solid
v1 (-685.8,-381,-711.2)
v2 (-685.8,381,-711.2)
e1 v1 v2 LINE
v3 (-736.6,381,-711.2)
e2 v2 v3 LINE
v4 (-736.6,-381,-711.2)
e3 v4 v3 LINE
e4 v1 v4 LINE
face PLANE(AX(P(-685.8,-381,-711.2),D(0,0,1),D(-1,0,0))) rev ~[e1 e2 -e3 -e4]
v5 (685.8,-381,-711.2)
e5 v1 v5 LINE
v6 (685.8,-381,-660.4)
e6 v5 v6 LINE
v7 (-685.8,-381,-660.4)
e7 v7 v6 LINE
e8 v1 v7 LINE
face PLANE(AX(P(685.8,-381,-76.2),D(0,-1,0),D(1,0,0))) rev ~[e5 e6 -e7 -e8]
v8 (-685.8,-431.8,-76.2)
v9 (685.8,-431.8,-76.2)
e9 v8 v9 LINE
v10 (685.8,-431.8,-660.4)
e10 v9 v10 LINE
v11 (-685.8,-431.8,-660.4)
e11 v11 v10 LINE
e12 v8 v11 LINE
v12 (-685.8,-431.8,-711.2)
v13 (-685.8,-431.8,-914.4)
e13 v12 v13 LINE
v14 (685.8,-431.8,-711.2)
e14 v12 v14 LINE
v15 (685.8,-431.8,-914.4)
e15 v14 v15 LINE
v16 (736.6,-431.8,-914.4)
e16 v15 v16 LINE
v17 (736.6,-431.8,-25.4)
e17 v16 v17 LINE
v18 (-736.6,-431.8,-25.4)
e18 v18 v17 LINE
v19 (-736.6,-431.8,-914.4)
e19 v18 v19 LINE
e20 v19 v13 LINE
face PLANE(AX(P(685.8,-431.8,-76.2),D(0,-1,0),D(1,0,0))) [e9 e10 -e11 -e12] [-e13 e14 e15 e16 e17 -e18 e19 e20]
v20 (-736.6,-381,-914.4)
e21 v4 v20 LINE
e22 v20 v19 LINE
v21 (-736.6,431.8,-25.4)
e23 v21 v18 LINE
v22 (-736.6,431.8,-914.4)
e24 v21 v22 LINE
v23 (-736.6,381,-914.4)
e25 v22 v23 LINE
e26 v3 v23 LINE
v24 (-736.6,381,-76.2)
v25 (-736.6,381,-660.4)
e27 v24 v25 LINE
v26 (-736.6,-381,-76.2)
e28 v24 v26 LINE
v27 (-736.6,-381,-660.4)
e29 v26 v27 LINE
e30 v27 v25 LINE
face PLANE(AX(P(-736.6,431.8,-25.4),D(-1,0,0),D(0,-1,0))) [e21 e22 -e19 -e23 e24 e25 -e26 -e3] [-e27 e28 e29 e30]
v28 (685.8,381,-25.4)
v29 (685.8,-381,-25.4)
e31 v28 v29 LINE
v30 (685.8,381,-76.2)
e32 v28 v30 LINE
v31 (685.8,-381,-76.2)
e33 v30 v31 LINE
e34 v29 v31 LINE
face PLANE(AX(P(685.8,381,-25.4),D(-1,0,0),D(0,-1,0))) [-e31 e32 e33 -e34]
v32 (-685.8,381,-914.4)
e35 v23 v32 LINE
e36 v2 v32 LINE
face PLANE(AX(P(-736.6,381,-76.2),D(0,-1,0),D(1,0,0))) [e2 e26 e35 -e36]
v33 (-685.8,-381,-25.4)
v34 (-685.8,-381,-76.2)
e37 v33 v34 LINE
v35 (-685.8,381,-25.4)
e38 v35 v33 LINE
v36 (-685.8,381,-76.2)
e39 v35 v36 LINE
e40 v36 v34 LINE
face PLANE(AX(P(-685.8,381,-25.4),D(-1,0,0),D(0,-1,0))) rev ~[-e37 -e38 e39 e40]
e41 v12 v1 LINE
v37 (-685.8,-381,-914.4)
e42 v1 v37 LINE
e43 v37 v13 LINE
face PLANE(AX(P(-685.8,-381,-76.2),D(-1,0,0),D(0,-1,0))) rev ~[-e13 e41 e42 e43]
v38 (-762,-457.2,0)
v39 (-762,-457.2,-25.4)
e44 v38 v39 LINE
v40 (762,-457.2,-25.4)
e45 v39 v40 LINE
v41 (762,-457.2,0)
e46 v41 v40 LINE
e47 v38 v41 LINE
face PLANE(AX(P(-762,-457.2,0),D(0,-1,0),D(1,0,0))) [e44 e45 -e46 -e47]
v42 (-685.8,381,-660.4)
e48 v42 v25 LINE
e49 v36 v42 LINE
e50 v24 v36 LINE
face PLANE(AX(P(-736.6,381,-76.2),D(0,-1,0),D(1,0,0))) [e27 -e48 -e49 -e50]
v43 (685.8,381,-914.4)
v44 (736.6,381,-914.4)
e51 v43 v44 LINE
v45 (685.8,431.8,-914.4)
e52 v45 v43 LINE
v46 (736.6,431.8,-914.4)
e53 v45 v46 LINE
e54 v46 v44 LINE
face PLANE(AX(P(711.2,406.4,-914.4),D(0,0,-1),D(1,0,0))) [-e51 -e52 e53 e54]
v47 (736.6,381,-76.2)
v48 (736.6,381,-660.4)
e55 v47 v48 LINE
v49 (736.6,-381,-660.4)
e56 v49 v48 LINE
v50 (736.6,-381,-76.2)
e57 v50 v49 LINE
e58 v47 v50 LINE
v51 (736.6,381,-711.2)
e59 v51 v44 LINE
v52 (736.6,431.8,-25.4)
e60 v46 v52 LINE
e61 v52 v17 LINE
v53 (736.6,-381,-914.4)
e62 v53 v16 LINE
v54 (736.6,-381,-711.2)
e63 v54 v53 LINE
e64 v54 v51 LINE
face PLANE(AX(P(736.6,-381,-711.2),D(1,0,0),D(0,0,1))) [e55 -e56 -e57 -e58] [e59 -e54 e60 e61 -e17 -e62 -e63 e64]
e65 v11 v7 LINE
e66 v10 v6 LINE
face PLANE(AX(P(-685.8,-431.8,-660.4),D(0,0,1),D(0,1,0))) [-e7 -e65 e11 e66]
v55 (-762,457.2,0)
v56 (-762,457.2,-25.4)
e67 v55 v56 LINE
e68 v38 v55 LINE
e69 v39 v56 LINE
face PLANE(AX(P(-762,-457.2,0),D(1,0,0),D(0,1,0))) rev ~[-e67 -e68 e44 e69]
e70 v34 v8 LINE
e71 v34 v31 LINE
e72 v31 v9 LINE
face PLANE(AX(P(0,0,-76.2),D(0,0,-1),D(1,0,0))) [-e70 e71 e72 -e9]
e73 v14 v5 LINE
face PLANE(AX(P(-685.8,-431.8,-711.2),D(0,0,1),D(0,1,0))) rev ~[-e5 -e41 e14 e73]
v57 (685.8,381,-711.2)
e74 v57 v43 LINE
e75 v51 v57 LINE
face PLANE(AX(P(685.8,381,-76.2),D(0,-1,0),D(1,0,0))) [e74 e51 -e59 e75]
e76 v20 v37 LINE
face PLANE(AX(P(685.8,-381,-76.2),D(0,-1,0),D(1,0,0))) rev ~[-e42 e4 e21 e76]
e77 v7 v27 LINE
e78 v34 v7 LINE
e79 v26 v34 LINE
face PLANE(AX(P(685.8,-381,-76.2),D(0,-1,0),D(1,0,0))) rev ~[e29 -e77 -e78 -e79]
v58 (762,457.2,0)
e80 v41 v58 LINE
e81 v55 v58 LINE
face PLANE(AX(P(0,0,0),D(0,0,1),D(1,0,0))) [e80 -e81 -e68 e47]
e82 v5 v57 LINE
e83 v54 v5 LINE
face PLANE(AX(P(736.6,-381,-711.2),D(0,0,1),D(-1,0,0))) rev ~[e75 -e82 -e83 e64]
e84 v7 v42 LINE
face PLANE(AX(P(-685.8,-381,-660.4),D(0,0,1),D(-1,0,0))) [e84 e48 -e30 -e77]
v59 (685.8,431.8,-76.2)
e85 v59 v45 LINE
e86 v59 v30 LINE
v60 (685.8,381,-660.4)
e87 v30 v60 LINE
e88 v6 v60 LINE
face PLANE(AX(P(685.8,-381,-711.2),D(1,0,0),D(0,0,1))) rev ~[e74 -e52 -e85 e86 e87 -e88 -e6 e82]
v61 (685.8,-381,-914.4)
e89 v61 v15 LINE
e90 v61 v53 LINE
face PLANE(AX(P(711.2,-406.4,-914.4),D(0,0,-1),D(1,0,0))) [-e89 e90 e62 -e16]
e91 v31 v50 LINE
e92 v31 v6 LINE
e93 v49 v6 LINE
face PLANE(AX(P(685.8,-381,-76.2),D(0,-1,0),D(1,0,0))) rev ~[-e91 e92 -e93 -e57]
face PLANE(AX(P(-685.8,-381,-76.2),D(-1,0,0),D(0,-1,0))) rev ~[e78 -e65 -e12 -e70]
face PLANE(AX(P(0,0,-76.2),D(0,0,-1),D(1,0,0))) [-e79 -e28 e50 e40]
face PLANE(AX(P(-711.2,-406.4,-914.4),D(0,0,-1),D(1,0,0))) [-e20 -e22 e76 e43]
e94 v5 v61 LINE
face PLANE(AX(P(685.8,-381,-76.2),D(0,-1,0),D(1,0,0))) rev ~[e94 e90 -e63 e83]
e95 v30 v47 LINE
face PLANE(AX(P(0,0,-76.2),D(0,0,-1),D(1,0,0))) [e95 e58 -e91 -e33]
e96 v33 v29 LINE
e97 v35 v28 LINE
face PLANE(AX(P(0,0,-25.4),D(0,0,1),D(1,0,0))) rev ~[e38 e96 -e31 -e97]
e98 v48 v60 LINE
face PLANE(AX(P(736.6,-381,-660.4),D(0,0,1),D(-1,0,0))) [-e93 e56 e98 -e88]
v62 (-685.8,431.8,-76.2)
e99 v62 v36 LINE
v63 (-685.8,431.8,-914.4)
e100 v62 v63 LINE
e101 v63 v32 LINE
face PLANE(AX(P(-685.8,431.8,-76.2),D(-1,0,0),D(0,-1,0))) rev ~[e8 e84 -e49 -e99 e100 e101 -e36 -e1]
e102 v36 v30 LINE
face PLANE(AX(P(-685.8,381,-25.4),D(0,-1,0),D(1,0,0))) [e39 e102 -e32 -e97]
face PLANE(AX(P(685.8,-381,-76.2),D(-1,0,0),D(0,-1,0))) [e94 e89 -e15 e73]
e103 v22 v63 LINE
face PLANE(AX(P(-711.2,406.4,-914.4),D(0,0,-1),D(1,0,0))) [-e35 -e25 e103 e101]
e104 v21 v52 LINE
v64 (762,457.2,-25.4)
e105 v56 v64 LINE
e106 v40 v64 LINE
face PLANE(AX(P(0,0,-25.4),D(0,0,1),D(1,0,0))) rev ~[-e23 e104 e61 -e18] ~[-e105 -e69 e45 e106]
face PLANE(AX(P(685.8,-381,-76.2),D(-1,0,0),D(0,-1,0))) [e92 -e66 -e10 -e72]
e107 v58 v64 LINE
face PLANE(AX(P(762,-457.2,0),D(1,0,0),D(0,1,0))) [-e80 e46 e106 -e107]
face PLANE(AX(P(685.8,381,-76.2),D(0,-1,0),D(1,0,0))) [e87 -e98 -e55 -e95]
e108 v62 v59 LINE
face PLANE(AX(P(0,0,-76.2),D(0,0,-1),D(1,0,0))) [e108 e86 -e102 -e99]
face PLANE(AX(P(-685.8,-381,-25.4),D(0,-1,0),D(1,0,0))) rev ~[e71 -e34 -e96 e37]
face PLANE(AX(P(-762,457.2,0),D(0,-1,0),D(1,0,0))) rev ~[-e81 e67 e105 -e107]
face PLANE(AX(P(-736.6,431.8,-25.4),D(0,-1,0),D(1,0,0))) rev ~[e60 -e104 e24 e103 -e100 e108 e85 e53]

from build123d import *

# Parameters (mm, degrees)
F0_W     = 1524
F0_H     = 914.4
F1_DEPTH = 25.4
F2_W     = 1473.2
F2_H     = 863.6
F2_W_2   = 1371.6
F2_H_2   = 762
F3_DEPTH = 50.8
F4_W     = 50.8
F4_H     = 50.8
F5_DEPTH = 838.2
F6_W     = 50.8
F6_H     = 50.8
F7_DEPTH = 1371.6
F8_W     = 50.8
F8_H     = 50.8
F9_DEPTH = 762


with BuildPart() as f1:
    # F0 (on Top) → F1 (new body)
    with BuildSketch(Plane.XY):
        Rectangle(F0_W, F0_H)
    extrude(amount=-F1_DEPTH)

    # F2 (on face) → F3 (join)
    with BuildSketch(Plane(origin=(0, 0, -25.4), x_dir=(1, 0, 0), z_dir=(0, 0, -1))):
        Rectangle(F2_W, F2_H)
        Rectangle(F2_W_2, F2_H_2, mode=Mode.SUBTRACT)
    extrude(amount=F3_DEPTH)

    # F4 (on face) → F5 (join)
    with BuildSketch(Plane(origin=(0, 0, -76.2), x_dir=(1, 0, 0), z_dir=(0, 0, -1))):
        with Locations((711.2, 406.4)):
            Rectangle(F4_W, F4_H)
        with Locations((711.2, -406.4)):
            Rectangle(F4_W, F4_H)
        with Locations((-711.2, -406.4)):
            Rectangle(F4_W, F4_H)
        with Locations((-711.2, 406.4)):
            Rectangle(F4_W, F4_H)
    extrude(amount=F5_DEPTH)

    # F6 (on face) → F7 (join, through all)
    with BuildSketch(Plane.YZ.offset(-685.8)):
        with Locations((-406.4, -685.8)):
            Rectangle(F6_W, F6_H)
    extrude(amount=F7_DEPTH)

    # F8 (on face) → F9 (join, through all)
    with BuildSketch(Plane(origin=(0, -381, 0), x_dir=(-1, 0, 0), z_dir=(0, 1, 0))):
        with Locations((-711.2, -685.8)):
            Rectangle(F8_W, F8_H)
        with Locations((711.2, -685.8)):
            Rectangle(F8_W, F8_H)
    extrude(amount=F9_DEPTH)


solid = f1.part
